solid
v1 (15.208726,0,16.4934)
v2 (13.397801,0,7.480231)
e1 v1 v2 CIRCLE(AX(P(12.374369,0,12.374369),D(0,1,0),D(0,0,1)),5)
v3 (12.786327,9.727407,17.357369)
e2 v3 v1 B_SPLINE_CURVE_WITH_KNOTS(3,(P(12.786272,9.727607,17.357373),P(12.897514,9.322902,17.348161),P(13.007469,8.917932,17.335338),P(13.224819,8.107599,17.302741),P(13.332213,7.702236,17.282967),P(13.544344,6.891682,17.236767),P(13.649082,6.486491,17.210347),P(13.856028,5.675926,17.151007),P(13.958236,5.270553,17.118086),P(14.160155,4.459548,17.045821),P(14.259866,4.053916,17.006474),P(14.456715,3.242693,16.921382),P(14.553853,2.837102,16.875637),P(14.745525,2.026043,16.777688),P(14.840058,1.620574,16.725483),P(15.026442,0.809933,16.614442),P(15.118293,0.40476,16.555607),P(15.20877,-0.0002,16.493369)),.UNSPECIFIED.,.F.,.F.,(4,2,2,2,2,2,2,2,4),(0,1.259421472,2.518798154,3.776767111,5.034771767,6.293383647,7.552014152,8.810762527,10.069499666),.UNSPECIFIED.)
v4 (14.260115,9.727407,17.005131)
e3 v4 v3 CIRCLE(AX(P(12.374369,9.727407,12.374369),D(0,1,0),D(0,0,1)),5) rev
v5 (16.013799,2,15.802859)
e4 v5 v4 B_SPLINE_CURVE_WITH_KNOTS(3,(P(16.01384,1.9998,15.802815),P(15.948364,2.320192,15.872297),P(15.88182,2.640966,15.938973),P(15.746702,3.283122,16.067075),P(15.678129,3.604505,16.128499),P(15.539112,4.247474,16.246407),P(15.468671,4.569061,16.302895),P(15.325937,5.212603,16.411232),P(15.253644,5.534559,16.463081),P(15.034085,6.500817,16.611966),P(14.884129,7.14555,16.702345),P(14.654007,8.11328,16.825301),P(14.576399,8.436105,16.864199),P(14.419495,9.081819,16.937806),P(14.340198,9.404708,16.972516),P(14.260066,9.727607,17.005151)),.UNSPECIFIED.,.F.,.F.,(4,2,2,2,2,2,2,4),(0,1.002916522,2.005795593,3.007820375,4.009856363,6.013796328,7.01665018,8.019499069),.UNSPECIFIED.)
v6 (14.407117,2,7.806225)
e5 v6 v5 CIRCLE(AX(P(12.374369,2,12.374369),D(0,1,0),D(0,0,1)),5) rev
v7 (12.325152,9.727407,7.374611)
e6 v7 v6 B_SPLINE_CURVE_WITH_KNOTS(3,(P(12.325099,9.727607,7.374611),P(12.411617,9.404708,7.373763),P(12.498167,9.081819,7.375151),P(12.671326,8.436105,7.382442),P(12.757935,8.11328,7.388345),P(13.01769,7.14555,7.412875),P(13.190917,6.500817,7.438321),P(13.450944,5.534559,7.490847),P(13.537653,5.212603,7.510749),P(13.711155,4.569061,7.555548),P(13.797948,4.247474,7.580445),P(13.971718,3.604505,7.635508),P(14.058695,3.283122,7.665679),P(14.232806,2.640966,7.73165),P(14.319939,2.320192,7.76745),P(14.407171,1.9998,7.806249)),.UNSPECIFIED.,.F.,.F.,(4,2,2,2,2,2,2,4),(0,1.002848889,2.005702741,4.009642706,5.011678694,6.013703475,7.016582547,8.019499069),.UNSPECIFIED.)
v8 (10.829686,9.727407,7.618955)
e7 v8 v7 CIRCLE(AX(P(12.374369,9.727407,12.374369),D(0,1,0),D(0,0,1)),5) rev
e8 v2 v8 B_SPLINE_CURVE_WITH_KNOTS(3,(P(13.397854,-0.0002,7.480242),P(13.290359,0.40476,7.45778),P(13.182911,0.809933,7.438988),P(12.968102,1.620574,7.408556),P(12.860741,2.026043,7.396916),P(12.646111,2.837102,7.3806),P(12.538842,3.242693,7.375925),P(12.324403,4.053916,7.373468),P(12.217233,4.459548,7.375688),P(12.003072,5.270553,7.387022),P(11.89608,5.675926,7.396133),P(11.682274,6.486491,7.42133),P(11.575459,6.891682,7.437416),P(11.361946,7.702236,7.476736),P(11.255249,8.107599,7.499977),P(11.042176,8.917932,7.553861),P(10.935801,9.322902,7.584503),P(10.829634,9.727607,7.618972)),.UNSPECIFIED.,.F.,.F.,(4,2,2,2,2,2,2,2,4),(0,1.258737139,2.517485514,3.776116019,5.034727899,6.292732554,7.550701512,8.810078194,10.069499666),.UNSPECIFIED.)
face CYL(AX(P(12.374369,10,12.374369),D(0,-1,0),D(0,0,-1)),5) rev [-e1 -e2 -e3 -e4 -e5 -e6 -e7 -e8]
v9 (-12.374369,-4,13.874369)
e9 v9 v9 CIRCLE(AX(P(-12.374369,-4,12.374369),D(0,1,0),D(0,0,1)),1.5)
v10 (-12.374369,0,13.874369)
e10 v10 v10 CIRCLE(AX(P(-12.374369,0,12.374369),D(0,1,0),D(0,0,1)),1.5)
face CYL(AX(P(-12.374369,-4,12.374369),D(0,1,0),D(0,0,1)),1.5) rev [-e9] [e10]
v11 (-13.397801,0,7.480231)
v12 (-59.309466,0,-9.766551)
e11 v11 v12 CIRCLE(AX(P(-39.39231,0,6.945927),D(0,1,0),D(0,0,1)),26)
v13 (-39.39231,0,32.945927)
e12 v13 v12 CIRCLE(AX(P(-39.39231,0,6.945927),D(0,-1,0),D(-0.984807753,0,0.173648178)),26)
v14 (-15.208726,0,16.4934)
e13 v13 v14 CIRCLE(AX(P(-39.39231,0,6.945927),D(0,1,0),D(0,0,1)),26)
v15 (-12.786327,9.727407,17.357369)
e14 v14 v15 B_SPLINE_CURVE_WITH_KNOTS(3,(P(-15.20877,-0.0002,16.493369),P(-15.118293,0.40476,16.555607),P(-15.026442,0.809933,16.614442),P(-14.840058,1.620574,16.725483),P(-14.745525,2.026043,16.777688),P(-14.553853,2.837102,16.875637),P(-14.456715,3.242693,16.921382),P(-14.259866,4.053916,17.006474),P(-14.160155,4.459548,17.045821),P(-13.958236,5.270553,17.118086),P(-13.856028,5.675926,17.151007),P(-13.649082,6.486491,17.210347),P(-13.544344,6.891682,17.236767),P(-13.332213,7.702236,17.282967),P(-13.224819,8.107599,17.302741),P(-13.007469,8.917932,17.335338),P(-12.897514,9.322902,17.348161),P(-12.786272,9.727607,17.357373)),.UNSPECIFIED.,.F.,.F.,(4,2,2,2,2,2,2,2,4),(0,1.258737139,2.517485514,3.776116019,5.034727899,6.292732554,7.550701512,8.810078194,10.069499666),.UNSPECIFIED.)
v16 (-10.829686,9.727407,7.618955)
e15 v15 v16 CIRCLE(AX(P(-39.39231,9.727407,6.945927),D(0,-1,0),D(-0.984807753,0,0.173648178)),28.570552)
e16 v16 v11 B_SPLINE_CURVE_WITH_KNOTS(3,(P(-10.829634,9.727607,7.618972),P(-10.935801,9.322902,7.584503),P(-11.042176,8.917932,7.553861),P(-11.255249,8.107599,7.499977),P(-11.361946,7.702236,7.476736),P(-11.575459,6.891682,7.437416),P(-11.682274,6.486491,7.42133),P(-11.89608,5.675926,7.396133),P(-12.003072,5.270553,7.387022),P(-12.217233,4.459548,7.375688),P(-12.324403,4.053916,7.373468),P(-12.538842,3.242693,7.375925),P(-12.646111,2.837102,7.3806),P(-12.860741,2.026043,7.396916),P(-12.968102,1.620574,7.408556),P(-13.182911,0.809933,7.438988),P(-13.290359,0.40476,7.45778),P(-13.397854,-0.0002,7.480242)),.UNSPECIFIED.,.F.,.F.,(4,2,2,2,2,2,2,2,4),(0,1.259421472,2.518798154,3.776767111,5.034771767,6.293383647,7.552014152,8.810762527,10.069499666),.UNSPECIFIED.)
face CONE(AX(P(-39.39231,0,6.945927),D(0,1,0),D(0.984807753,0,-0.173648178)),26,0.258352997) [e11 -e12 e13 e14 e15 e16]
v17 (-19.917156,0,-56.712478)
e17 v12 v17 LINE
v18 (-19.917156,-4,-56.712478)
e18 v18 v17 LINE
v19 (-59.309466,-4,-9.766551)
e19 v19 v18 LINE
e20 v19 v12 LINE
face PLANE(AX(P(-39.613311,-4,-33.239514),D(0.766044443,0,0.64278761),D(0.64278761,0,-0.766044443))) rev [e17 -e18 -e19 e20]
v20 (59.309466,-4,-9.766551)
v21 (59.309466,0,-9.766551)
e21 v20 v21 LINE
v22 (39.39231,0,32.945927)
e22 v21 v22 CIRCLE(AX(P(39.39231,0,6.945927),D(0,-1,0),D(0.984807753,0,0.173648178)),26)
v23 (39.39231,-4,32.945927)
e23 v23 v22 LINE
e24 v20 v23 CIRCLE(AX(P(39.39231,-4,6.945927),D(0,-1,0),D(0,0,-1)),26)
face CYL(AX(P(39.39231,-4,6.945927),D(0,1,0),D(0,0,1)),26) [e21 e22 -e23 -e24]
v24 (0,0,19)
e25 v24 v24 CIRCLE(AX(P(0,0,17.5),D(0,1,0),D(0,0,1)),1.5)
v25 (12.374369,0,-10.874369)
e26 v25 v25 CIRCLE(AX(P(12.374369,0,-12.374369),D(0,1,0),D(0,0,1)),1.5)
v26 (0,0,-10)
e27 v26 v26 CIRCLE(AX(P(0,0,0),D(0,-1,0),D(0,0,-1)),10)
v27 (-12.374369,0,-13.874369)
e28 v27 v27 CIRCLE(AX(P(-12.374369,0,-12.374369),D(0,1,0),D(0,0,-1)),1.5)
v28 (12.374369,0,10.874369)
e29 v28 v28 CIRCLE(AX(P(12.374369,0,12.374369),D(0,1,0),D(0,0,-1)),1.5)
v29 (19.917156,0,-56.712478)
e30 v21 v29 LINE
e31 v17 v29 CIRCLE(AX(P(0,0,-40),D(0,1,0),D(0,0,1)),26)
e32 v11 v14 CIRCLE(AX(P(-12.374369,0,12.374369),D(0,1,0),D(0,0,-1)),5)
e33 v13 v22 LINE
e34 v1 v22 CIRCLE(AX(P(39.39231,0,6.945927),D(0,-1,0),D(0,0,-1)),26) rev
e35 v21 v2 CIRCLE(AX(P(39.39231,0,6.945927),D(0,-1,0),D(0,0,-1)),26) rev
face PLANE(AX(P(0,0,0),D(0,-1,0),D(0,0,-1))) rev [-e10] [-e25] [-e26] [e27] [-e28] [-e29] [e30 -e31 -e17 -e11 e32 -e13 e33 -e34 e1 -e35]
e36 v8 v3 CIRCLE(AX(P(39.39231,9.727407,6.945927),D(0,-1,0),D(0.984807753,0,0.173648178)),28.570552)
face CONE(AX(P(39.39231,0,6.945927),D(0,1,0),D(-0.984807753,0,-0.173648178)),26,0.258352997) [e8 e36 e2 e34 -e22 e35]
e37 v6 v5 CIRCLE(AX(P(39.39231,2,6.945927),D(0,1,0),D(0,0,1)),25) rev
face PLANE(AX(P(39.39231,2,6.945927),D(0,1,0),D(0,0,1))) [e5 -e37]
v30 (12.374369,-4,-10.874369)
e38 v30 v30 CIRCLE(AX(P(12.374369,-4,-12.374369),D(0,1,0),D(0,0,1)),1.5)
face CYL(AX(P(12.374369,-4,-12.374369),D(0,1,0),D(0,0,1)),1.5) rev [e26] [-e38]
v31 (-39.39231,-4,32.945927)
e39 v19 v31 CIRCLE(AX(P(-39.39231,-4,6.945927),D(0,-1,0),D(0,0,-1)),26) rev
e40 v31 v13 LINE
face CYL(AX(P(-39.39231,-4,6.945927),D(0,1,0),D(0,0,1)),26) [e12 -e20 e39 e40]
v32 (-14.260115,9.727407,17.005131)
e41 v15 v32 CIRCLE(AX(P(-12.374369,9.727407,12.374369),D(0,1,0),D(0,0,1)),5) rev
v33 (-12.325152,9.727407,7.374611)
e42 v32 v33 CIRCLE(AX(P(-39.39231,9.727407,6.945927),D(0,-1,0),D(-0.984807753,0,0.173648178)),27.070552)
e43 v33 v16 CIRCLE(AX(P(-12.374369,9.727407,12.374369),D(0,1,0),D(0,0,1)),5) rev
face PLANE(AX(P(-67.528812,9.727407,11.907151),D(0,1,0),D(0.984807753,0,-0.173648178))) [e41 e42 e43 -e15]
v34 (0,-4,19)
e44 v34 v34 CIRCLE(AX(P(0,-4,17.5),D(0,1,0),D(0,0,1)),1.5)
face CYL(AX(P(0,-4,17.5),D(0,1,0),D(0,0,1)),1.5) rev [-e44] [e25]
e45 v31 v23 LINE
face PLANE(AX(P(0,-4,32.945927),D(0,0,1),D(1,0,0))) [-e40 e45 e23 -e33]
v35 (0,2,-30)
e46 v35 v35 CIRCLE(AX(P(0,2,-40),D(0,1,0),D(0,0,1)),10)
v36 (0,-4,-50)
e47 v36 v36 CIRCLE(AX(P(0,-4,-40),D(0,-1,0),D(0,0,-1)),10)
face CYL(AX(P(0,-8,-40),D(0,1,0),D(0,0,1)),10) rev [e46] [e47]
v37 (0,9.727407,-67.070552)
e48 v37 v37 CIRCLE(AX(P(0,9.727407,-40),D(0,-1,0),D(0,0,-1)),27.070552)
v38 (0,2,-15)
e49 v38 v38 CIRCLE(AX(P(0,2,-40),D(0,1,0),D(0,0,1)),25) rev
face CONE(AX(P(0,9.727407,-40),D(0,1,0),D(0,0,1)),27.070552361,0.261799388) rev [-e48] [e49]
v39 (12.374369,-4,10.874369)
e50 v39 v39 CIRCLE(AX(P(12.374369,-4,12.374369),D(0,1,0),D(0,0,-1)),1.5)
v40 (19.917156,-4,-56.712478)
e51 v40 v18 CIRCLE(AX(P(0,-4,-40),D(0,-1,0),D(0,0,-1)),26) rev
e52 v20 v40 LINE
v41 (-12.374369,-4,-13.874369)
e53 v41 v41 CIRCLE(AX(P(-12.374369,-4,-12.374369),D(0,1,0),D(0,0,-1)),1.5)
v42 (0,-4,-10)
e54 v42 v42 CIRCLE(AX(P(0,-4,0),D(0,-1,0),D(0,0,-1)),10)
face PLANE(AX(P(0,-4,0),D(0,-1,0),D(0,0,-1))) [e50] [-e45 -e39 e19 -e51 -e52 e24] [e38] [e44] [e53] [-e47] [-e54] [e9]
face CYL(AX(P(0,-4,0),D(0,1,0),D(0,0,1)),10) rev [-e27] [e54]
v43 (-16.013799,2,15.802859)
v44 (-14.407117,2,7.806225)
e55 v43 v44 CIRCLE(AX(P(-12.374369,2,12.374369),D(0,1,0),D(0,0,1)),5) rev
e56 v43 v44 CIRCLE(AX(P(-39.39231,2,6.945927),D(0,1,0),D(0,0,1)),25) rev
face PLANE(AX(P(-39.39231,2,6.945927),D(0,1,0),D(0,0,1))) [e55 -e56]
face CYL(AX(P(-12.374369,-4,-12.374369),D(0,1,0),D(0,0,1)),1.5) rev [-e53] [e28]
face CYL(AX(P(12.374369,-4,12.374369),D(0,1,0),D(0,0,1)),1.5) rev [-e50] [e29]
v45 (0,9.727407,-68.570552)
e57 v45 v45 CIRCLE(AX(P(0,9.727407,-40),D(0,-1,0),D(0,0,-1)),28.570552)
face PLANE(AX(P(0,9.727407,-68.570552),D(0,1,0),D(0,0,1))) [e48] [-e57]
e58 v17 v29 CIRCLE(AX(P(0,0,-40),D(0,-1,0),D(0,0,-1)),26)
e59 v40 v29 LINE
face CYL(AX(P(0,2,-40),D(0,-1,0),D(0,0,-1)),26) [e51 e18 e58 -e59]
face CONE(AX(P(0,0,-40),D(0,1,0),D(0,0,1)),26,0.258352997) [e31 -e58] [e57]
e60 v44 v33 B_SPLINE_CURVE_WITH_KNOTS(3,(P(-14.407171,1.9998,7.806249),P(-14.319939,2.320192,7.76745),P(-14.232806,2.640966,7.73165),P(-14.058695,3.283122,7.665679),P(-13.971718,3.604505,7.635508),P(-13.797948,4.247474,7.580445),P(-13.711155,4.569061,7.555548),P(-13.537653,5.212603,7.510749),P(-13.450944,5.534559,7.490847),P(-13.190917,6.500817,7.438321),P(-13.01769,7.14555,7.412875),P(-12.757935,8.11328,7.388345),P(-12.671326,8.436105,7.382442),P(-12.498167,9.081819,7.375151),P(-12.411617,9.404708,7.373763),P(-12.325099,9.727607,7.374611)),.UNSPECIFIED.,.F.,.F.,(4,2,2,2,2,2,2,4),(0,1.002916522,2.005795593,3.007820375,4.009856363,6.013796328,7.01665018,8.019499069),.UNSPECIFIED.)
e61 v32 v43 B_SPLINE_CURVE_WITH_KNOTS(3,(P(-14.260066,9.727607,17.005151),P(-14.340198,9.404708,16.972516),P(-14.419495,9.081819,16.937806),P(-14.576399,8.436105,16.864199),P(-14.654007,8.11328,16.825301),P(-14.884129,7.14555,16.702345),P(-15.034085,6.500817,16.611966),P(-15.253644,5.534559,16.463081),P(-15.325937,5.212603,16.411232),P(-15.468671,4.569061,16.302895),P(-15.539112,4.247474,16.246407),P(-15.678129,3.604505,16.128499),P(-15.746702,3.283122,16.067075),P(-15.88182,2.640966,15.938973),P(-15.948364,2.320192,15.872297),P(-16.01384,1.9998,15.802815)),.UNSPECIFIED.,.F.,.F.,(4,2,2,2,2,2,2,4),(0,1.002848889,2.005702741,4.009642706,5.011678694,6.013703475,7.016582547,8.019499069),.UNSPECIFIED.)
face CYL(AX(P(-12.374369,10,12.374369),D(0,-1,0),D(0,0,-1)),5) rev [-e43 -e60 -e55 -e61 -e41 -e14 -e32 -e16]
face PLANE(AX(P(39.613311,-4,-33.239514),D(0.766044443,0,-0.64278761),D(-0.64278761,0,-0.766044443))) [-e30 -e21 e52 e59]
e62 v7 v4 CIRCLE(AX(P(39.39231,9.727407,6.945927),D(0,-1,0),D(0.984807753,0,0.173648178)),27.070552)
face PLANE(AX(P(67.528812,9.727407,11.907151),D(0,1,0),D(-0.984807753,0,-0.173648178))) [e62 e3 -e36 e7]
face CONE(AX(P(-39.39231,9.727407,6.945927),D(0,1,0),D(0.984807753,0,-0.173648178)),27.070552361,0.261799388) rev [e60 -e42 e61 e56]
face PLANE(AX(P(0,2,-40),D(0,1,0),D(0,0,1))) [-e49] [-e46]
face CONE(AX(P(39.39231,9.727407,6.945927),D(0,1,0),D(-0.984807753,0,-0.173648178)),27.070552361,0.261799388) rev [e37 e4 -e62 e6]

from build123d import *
from build123d.topology import SkipClean

# Parameters (mm, degrees)
SKETCH_1_R               = 26
EXTRUDE_1_DEPTH          = 2
EXTRUDE_1_2_DEPTH        = 2
EXTRUDE_1_3_DEPTH        = 2
EXTRUDE_START            = 4
SKETCH_2_R               = 10
EXTRUDE_2_DEPTH          = 4
SKETCH_3_R               = 1.5
CUT_EXTRUDE_1_DEPTH      = 4
PATTERN_CIRCULAR_2_COUNT = 2
PATTERN_CIRCULAR_2_ANGLE = 100
F_2_THE_OTHER_WAY_COUNT  = 2
F_2_THE_OTHER_WAY_ANGLE  = 100
SKETCH_5_R               = 5
CUT_EXTRUDE_2_DEPTH      = 10
SKETCH_7_R               = 10
CUT_EXTRUDE_3_DEPTH      = 10


with BuildPart() as part:
    # 草图1 → 凸台-拉伸1 (new body)
    with BuildSketch(Plane(origin=(0, 0, 0), x_dir=(1, 0, 0), z_dir=(0, 1, 0))):
        with Locations((0, 40)):
            Circle(SKETCH_1_R)
    extrude(amount=EXTRUDE_1_DEPTH)



with BuildPart() as body_2:
    # 草图1 → Extrude 1 2 (new body)
    with BuildSketch(Plane(origin=(0, 0, 0), x_dir=(1, 0, 0), z_dir=(0, 1, 0))):
        with Locations((39.39231012, -6.945927107)):
            Circle(SKETCH_1_R)
    extrude(amount=EXTRUDE_1_2_DEPTH)


with BuildPart() as body_3:
    # 草图1 → Extrude 1 3 (new body)
    with BuildSketch(Plane(origin=(0, 0, 0), x_dir=(1, 0, 0), z_dir=(0, 1, 0))):
        with Locations((-39.39231012, -6.945927107)):
            Circle(SKETCH_1_R)
    extrude(amount=EXTRUDE_1_3_DEPTH)


with BuildPart() as part_1:
    with SkipClean():  # the faces are left unmerged after this step: merging them gives an invalid solid
        add(part.part)

        add(body_2.part)  # 凸台-拉伸2 merges body 2

        add(body_3.part)  # 凸台-拉伸2 merges body 3
        # 草图2 → 凸台-拉伸2 (add)
        with BuildSketch(Plane.XZ.offset(EXTRUDE_START)):
            with BuildLine():
                Line((39.39231012, 32.945927107), (-39.39231012, 32.945927107))
                ThreePointArc((-39.39231012, 32.945927107), (-62.956312583, 17.934001912), (-59.309465642, -9.766550745))
                Line((-59.309465642, -9.766550745), (-19.917155521, -56.712477852))
                ThreePointArc((-19.917155521, -56.712477852), (0, -66), (19.917155521, -56.712477852))
                Line((19.917155521, -56.712477852), (59.309465642, -9.766550745))
                ThreePointArc((59.309465642, -9.766550745), (62.956312583, 17.934001912), (39.39231012, 32.945927107))
            make_face()
            Circle(SKETCH_2_R, mode=Mode.SUBTRACT)
        extrude(amount=-EXTRUDE_2_DEPTH)

    # 草图3 → 切除-拉伸1 (cut)
    with SkipClean():  # the faces are left unmerged after this step: merging them gives an invalid solid
        with BuildSketch(Plane(origin=(0, 0, 0), x_dir=(1, 0, 0), z_dir=(0, 1, 0))):
            with Locations((12.374368671, 12.374368671)):
                Circle(SKETCH_3_R)
            with Locations((-12.374368671, 12.374368671)):
                Circle(SKETCH_3_R)
            with Locations((-12.374368671, -12.374368671)):
                Circle(SKETCH_3_R)
            with Locations((12.374368671, -12.374368671)):
                Circle(SKETCH_3_R)
            with Locations((0, -17.5)):
                Circle(SKETCH_3_R)
        extrude(amount=-CUT_EXTRUDE_1_DEPTH, mode=Mode.SUBTRACT)

    # 草图4 → 旋转1 (revolve)
    with BuildSketch(Plane(origin=(0, 0, 0), x_dir=(0, 0, -1), z_dir=(1, 0, 0))):
        Polygon((68.570552361, 9.72740661), (67.070552361, 9.72740661), (65, 2), (66, 2), (66, 0), align=None)
    revolve_1 = revolve(axis=Axis((0, 2, -40), (0, 1, 0)))

    # 阵列(圆周)2: 旋转1 ×2 about axis
    with SkipClean():  # the faces are left unmerged after this step: merging them gives an invalid solid
        pattern_circular_2_axis = Axis((0, -6.257104181, 0), (0, 1, 0))
        for i in range(1, PATTERN_CIRCULAR_2_COUNT):
            add(revolve_1.rotate(pattern_circular_2_axis, i * PATTERN_CIRCULAR_2_ANGLE / (PATTERN_CIRCULAR_2_COUNT - 1)))

    # 2 the other way: 旋转1 ×2 about axis
    f_2_the_other_way_axis = Axis((0, -6.257104181, 0), (0, -1, 0))
    for i in range(1, F_2_THE_OTHER_WAY_COUNT):
        add(revolve_1.rotate(f_2_the_other_way_axis, i * F_2_THE_OTHER_WAY_ANGLE / (F_2_THE_OTHER_WAY_COUNT - 1)))

    # 草图5 → 切除-拉伸2 (cut)
    with BuildSketch(Plane(origin=(0, 0, 0), x_dir=(1, 0, 0), z_dir=(0, 1, 0))):
        with Locations((12.374368671, -12.374368671)):
            Circle(SKETCH_5_R)
        with Locations((-12.374368671, -12.374368671)):
            Circle(SKETCH_5_R)
    extrude(amount=CUT_EXTRUDE_2_DEPTH, mode=Mode.SUBTRACT)

    # 草图7 → 切除-拉伸3 (cut)
    with BuildSketch(Plane(origin=(0, 2, 0), x_dir=(1, 0, 0), z_dir=(0, 1, 0))):
        with Locations((0, 40)):
            Circle(SKETCH_7_R)
    extrude(amount=-CUT_EXTRUDE_3_DEPTH, mode=Mode.SUBTRACT)


solid = part_1.part
